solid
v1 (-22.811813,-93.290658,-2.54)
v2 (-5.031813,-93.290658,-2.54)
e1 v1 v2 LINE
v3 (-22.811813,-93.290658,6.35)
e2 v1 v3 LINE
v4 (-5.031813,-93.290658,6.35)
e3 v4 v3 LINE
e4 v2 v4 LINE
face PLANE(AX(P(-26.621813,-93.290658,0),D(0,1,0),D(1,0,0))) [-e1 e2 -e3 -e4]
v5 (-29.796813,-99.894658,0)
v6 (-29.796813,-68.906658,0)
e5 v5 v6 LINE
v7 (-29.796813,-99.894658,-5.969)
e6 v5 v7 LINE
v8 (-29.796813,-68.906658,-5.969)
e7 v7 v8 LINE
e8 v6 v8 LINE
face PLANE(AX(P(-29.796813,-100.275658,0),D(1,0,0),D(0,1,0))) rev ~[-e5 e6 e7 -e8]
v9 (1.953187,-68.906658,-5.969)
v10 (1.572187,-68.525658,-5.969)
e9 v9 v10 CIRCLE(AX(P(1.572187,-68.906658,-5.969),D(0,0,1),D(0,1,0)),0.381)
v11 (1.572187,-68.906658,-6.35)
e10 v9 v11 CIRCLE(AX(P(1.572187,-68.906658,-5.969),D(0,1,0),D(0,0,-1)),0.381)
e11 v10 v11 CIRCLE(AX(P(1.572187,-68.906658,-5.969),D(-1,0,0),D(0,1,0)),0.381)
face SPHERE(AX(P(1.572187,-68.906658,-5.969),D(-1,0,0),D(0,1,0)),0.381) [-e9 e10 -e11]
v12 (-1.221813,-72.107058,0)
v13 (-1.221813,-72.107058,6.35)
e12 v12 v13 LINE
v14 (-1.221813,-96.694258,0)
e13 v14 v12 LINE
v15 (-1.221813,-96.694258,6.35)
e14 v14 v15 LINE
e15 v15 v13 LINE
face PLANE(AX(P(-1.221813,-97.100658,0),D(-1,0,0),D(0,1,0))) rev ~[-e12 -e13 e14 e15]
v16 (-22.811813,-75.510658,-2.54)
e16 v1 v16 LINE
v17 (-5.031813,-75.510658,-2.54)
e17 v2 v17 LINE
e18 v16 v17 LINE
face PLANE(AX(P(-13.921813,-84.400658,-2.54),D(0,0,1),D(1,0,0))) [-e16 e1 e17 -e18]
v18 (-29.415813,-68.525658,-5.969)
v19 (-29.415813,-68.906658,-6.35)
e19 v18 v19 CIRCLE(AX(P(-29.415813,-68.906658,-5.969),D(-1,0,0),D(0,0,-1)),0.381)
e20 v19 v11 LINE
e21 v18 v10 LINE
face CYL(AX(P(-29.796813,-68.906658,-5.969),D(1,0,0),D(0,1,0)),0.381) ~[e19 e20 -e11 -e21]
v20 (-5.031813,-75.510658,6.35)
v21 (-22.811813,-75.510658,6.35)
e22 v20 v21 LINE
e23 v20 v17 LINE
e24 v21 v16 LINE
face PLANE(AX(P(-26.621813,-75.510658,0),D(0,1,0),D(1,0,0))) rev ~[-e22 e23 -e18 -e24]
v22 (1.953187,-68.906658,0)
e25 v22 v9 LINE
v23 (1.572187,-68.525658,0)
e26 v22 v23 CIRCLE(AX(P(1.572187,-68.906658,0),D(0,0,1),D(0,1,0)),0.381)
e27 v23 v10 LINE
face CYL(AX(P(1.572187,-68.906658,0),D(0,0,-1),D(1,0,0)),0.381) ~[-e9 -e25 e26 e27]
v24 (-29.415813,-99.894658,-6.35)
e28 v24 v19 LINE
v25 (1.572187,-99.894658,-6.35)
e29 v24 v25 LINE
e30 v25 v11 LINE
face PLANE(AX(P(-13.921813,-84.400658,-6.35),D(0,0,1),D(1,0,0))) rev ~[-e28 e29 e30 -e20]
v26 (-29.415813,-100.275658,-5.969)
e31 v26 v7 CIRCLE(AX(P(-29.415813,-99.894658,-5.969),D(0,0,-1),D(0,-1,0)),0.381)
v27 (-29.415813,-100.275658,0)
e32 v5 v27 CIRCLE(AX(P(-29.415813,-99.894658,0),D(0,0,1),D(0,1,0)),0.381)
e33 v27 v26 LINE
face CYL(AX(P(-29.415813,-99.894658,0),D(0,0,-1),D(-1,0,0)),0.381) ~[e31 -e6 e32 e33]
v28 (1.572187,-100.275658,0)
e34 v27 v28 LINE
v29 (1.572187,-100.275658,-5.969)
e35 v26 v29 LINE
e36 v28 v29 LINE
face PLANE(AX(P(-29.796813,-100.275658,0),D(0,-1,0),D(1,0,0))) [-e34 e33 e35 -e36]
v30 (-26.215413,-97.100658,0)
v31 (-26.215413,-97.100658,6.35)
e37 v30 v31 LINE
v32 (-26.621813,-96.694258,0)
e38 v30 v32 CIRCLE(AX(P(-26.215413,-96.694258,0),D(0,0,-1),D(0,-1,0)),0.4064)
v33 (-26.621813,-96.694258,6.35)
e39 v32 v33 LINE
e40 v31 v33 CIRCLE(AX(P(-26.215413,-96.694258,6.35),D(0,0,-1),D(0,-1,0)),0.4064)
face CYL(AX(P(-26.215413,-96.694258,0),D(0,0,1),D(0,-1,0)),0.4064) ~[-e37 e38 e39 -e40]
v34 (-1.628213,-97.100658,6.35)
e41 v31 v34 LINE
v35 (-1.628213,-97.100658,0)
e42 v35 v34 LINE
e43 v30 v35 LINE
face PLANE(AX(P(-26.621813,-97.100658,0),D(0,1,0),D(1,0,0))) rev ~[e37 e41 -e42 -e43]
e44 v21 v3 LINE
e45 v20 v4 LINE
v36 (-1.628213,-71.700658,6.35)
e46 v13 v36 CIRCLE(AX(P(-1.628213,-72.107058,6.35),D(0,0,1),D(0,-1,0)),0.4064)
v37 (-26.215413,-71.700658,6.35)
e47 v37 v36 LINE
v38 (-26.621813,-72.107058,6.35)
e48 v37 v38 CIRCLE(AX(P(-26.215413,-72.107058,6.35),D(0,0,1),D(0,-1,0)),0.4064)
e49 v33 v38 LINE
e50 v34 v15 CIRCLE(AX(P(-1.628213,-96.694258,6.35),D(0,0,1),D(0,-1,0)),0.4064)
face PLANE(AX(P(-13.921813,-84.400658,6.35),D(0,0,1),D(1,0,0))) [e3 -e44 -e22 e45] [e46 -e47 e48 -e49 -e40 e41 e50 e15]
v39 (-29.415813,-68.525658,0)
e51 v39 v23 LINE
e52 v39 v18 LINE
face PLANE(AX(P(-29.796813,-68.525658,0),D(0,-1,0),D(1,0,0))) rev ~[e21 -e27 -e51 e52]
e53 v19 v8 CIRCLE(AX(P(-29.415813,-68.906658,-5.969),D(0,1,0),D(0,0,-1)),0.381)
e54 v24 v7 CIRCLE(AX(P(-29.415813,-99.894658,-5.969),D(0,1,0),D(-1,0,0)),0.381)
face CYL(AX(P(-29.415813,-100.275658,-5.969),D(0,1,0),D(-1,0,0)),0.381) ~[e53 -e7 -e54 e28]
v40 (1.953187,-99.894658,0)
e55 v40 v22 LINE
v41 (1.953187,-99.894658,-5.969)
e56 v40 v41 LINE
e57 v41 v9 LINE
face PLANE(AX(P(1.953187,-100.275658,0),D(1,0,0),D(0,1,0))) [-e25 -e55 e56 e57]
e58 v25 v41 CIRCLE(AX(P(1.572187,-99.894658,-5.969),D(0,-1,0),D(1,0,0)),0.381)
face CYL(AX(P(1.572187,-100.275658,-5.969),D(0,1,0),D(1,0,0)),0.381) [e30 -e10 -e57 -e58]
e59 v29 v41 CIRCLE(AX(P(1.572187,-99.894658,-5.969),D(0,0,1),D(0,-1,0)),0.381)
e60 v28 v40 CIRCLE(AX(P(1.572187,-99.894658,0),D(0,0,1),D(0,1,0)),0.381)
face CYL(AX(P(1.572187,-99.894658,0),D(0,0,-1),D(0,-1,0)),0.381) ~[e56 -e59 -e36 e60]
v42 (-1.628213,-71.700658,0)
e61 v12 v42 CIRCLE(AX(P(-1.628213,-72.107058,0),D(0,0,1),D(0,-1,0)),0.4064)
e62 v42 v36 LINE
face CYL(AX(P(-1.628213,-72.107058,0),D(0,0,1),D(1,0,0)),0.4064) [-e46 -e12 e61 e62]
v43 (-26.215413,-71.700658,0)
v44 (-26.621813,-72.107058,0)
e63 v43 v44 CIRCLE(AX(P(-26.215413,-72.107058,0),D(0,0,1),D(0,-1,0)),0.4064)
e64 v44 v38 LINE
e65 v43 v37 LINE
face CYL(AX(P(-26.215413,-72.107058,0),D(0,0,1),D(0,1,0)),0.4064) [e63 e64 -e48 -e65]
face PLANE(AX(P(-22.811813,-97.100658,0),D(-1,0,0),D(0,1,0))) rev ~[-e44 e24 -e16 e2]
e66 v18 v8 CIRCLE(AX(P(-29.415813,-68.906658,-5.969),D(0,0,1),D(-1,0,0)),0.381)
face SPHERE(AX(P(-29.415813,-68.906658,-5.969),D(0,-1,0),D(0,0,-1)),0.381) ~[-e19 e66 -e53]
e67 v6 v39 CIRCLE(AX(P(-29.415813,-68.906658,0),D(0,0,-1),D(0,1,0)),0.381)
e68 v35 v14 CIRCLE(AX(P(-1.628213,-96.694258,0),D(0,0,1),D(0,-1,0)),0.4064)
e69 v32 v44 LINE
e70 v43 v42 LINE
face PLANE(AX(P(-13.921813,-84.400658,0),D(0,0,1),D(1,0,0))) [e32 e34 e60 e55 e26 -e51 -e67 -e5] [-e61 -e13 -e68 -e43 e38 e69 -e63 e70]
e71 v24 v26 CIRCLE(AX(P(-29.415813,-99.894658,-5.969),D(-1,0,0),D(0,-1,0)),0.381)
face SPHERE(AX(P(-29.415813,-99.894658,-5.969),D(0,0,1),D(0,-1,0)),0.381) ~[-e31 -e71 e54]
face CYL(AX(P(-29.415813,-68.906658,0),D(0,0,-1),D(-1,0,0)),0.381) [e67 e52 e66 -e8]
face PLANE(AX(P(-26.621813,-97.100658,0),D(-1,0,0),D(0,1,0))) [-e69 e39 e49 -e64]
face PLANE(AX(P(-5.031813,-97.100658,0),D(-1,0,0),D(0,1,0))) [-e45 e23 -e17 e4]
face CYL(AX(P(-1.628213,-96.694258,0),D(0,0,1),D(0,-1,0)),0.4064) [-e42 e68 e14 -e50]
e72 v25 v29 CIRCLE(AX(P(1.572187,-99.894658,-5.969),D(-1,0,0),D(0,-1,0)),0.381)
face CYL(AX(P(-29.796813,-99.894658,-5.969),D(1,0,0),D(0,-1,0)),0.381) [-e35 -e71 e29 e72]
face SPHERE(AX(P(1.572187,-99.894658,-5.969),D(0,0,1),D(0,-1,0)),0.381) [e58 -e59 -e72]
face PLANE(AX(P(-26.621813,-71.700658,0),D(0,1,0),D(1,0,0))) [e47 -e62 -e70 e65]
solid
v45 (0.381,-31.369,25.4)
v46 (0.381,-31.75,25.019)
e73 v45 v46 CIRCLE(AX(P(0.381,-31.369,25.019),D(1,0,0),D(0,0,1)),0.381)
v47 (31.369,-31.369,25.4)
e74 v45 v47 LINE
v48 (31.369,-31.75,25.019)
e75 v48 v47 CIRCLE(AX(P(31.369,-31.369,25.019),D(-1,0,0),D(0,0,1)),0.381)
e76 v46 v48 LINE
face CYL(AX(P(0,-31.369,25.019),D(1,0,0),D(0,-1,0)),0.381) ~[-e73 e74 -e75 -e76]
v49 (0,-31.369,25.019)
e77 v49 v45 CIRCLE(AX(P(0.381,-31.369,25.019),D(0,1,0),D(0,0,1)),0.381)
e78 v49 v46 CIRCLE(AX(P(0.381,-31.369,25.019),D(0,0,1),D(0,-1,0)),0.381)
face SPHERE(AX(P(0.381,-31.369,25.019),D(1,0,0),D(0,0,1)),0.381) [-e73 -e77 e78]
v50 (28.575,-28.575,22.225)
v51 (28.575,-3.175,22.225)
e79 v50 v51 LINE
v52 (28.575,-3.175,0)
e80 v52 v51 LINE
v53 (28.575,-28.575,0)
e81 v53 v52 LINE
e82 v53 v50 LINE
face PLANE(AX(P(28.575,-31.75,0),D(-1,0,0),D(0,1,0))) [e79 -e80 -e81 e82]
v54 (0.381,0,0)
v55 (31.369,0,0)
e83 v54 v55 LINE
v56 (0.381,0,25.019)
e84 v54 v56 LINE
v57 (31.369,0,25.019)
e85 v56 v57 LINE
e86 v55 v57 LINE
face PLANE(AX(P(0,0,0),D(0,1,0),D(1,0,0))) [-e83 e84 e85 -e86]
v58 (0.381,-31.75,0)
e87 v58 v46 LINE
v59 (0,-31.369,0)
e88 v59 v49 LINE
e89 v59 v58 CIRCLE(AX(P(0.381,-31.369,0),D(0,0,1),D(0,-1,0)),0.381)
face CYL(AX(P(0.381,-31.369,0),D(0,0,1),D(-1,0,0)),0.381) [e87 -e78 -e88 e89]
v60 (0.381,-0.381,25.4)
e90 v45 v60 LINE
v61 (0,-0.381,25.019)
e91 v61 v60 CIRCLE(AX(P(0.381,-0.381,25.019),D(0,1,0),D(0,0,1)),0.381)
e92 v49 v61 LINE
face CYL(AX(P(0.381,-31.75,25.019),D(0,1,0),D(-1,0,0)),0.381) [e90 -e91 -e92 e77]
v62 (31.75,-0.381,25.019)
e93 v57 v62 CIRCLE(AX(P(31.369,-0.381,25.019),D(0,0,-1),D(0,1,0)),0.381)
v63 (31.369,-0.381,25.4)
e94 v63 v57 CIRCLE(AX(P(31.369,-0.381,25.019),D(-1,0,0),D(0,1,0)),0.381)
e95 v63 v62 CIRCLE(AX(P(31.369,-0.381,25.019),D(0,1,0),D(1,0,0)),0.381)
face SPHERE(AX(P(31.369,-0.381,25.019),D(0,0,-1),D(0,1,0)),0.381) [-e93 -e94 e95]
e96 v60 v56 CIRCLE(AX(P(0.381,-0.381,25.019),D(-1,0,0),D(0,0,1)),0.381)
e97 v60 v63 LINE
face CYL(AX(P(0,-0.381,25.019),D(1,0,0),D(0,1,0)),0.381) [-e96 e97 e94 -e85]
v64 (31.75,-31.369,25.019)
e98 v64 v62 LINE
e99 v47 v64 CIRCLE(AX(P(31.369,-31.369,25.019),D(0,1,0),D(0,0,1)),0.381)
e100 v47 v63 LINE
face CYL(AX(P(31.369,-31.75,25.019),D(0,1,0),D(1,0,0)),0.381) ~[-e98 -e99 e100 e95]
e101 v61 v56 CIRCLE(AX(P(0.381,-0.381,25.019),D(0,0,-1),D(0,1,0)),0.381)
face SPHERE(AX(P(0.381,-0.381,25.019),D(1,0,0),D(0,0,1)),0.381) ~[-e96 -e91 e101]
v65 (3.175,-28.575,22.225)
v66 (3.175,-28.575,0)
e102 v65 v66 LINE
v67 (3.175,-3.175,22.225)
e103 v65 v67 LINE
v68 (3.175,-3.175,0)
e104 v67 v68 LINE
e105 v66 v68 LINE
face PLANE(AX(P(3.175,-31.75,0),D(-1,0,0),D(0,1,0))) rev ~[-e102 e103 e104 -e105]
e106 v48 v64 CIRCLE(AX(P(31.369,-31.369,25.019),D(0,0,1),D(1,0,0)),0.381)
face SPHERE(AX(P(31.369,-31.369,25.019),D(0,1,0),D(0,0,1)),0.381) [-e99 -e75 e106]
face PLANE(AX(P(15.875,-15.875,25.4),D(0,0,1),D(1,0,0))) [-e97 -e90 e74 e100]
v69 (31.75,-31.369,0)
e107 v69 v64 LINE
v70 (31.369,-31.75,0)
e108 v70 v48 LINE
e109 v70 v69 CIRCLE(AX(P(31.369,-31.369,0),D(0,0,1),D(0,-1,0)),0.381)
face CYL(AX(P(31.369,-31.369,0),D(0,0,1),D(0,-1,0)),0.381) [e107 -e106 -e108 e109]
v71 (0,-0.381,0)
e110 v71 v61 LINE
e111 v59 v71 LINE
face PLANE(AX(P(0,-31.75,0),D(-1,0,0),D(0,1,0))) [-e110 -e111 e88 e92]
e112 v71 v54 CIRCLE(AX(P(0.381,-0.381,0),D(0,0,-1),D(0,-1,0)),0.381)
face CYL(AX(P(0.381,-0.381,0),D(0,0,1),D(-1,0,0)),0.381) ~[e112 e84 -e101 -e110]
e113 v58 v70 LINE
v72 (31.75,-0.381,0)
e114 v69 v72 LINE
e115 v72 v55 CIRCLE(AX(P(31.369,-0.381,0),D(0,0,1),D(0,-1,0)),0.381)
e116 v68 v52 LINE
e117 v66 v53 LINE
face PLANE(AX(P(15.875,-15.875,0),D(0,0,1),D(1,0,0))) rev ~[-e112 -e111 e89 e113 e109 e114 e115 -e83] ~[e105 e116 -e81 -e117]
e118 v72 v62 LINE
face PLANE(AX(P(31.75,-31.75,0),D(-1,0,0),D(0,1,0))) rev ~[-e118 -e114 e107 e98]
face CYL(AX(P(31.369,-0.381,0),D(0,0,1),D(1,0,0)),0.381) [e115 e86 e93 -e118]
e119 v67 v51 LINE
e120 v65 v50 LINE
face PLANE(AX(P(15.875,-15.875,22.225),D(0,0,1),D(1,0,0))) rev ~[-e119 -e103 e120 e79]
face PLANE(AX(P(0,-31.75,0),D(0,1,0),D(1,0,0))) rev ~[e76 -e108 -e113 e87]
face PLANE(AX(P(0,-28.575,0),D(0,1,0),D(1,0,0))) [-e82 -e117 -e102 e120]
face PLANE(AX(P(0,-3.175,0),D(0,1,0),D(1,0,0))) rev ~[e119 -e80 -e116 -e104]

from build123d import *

# Parameters (mm, degrees)
F0_W     = 31.75
F0_H     = 31.75
F1_DEPTH = 25.4
F2_R     = 0.381
F3_W     = 31.75
F3_H     = 31.75
F4_DEPTH = 6.35
F5_R     = 0.381
F6_T     = -3.175
F7_W     = 25.4
F7_H     = 25.4
F8_DEPTH = 6.35
F9_R     = 0.4064
F10_T    = -3.81


with BuildPart() as f1:
    # F0 (on Top) → F1 (new body)
    with BuildSketch(Plane.XY):
        with Locations((15.875, -15.875)):
            Rectangle(F0_W, F0_H)
    extrude(amount=F1_DEPTH)

    # F2
    f2_edges = [f1.edges().sort_by_distance(p)[0] for p in [
        (31.75, 0, 12.7),
        (15.875, 0, 25.4),
        (31.75, -15.875, 25.4),
        (15.875, -31.75, 25.4),
        (0, -15.875, 25.4),
        (0, 0, 12.7),
        (0, -31.75, 12.7),
        (31.75, -31.75, 12.7),
    ]]
    fillet(f2_edges, radius=F2_R)

    # F6
    f6_openings = [f1.faces().sort_by_distance(p)[0] for p in [
        (15.875, -15.875, 0),
    ]]
    offset(amount=F6_T, openings=f6_openings)


with BuildPart() as f4:
    # F3 (on Top) → F4 (new body)
    with BuildSketch(Plane.XY):
        with Locations((-13.9218131438, -84.400658071)):
            Rectangle(F3_W, F3_H)
    extrude(amount=-F4_DEPTH)

    # F5
    f5_edges = [f4.edges().sort_by_distance(p)[0] for p in [
        (1.953187, -100.275658, -3.175),
        (-29.796813, -100.275658, -3.175),
        (-13.921813, -100.275658, -6.35),
        (-29.796813, -84.400658, -6.35),
        (-13.921813, -68.525658, -6.35),
        (-29.796813, -68.525658, -3.175),
        (1.953187, -68.525658, -3.175),
        (1.953187, -84.400658, -6.35),
    ]]
    fillet(f5_edges, radius=F5_R)

    # F7 (on face) → F8 (join)
    with BuildSketch(Plane.XY):
        with Locations((-13.9218131438, -84.400658071)):
            Rectangle(F7_W, F7_H)
    extrude(amount=F8_DEPTH)

    # F9
    f9_edges = [f4.edges().sort_by_distance(p)[0] for p in [
        (-26.621813, -71.700658, 3.175),
        (-26.621813, -97.100658, 3.175),
        (-1.221813, -97.100658, 3.175),
        (-1.221813, -71.700658, 3.175),
    ]]
    fillet(f9_edges, radius=F9_R)

    # F10
    f10_openings = [f4.faces().sort_by_distance(p)[0] for p in [
        (-13.921813, -84.400658, 6.35),
    ]]
    offset(amount=F10_T, openings=f10_openings, kind=Kind.INTERSECTION)


solid = Compound([f1.part, f4.part])
